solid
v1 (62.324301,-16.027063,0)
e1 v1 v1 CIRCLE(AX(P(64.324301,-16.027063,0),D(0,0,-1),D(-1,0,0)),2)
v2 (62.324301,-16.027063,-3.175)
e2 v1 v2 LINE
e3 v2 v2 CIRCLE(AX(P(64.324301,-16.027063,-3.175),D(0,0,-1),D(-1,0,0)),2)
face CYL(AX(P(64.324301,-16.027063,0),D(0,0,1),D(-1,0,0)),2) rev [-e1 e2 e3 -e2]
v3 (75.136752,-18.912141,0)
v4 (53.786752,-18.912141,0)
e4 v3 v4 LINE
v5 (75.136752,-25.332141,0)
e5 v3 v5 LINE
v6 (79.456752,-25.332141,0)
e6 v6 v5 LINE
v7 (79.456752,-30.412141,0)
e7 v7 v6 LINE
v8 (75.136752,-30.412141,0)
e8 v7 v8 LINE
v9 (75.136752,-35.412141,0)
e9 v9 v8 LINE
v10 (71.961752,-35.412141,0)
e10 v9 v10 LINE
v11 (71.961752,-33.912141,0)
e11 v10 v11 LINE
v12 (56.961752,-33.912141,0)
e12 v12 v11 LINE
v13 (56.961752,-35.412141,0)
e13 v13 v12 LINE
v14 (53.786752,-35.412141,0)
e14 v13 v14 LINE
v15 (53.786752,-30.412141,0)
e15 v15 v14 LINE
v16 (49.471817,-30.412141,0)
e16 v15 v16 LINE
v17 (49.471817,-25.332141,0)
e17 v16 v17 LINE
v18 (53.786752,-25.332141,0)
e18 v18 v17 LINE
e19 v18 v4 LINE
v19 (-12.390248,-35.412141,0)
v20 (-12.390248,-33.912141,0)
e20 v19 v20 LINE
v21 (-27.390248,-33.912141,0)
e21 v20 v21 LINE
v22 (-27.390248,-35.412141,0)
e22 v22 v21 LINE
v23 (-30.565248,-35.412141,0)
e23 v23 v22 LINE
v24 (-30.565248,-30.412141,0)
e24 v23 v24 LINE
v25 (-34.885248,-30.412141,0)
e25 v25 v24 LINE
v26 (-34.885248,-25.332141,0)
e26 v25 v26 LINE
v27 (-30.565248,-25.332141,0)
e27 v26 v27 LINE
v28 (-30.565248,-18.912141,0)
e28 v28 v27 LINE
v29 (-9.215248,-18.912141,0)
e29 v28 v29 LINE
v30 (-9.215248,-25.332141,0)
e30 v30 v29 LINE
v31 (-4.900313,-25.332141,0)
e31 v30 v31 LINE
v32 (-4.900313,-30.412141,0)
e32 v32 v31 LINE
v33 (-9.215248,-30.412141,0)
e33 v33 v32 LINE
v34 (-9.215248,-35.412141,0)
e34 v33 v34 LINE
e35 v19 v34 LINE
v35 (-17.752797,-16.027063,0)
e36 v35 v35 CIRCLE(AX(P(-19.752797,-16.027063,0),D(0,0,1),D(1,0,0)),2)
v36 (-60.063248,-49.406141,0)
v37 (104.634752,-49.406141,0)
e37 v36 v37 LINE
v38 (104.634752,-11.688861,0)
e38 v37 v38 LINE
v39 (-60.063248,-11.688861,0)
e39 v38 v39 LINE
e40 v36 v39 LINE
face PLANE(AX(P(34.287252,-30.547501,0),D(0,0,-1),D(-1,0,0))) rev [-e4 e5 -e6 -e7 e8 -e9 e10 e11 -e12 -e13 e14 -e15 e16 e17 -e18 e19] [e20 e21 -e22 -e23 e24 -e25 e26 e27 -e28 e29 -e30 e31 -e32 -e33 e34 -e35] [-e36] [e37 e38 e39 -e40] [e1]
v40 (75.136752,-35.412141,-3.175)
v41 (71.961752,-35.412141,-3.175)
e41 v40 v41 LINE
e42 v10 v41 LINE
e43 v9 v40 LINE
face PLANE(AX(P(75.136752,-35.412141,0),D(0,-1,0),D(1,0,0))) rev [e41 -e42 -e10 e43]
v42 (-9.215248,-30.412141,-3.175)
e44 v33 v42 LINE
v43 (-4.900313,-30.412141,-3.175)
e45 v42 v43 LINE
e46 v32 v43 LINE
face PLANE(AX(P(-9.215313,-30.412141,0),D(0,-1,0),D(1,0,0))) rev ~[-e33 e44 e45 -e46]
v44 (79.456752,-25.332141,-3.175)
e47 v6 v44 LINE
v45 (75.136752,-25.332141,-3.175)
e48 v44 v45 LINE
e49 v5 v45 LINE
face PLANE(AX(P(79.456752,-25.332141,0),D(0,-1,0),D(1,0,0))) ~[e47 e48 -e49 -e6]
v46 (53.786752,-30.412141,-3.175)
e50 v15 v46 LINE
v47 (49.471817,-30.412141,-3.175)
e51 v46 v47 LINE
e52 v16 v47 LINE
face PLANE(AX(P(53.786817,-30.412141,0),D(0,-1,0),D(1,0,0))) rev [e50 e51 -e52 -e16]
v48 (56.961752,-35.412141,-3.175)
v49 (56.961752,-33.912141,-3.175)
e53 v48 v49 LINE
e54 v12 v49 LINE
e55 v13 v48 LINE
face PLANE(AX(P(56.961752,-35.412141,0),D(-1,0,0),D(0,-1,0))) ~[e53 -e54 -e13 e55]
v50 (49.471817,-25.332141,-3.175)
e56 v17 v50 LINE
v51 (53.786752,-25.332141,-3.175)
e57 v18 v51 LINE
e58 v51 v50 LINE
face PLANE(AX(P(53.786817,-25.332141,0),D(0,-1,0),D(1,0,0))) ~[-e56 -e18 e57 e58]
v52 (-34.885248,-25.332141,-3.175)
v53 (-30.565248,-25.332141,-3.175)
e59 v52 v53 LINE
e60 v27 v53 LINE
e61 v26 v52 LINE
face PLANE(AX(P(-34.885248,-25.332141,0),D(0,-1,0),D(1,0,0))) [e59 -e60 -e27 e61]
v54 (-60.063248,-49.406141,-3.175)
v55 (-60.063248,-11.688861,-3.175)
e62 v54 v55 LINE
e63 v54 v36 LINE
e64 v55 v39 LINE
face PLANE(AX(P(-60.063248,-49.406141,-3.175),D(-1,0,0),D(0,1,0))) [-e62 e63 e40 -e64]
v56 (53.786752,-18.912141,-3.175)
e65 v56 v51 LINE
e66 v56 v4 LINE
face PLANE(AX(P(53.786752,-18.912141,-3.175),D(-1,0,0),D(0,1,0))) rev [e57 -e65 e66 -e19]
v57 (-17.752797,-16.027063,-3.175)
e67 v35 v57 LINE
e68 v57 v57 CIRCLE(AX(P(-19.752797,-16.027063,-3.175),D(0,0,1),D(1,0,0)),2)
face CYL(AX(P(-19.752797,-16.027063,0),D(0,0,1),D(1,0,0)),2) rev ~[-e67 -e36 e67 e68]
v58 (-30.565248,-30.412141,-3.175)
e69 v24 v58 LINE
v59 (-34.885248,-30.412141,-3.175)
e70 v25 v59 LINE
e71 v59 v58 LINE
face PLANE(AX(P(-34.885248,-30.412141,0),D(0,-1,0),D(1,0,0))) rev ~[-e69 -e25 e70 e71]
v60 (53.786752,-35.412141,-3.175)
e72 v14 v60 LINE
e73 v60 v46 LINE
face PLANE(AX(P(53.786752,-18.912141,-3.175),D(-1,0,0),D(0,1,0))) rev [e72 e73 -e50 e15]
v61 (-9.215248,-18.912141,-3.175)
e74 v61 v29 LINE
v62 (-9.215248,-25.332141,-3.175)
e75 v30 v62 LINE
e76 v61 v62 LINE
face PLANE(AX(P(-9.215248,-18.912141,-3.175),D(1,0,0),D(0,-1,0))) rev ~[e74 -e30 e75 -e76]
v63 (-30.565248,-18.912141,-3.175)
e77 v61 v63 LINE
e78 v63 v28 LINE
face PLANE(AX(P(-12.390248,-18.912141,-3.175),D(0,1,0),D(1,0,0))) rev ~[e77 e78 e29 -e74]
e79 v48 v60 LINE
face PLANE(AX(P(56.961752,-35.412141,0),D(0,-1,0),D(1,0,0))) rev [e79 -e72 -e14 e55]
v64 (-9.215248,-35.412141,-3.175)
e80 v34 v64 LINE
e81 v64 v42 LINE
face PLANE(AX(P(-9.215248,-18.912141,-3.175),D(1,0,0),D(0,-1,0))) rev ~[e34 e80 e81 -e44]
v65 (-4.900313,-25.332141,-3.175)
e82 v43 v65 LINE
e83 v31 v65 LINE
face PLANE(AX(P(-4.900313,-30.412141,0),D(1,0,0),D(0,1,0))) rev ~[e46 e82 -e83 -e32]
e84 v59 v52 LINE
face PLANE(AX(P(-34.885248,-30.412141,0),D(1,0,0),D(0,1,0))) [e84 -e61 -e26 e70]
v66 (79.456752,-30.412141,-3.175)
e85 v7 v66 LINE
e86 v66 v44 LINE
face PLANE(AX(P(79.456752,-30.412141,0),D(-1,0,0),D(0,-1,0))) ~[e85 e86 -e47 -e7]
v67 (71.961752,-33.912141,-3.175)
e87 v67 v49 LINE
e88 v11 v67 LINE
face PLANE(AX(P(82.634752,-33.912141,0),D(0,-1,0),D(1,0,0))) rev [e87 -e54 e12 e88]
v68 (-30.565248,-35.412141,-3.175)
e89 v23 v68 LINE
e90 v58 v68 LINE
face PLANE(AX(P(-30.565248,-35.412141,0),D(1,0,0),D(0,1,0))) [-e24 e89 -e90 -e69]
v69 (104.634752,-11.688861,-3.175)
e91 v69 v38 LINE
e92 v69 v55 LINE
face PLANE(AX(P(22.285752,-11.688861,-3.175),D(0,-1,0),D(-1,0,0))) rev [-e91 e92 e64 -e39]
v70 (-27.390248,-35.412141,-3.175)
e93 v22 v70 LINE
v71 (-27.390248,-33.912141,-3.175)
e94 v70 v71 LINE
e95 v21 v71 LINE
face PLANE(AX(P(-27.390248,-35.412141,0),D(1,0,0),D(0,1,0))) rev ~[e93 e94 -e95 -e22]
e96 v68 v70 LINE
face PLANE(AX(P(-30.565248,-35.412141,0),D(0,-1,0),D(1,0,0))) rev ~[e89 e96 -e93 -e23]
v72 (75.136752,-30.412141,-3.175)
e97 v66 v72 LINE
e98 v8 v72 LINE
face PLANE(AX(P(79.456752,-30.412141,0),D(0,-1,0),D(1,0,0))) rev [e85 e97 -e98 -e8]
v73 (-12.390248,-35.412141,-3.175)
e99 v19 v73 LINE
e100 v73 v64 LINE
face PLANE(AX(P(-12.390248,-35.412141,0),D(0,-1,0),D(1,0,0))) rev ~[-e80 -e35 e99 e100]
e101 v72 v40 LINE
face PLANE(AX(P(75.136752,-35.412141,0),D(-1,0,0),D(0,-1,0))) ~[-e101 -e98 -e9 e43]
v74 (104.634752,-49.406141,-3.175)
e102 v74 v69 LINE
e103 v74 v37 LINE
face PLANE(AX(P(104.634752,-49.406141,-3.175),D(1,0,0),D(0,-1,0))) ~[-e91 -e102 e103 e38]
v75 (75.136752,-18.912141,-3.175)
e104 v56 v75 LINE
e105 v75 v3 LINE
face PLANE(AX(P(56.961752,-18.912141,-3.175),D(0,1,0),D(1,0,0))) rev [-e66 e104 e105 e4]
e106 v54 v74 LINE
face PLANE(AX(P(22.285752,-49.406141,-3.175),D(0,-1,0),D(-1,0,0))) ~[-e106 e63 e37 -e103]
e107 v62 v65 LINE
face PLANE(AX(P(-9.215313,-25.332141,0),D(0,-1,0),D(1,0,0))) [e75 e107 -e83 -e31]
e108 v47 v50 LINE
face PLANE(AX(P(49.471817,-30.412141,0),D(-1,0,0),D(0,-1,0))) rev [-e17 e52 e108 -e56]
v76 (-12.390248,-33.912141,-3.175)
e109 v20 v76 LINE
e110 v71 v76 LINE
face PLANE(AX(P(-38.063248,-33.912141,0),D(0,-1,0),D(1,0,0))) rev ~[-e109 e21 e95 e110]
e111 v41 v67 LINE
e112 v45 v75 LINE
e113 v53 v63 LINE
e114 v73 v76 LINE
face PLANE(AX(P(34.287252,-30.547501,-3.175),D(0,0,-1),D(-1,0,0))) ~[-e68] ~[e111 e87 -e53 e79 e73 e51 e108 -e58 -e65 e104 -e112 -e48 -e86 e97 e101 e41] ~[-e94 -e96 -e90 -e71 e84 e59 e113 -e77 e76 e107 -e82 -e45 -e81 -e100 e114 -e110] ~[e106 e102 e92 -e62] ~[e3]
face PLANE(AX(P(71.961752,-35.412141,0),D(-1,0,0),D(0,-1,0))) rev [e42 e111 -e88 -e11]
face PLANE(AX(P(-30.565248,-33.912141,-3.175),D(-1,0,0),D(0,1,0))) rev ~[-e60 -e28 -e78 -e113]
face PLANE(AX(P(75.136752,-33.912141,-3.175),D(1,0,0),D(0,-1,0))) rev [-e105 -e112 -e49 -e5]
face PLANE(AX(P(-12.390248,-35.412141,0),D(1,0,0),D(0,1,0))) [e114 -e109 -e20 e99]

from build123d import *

# Parameters (mm, degrees)
BOSS_EXTRUDE1_DEPTH               = 3.175
SKETCH8_W                         = 36.346
SKETCH8_H                         = 3.175
BOSS_EXTRUDE3_DEPTH               = 3.175
SKETCH7_R                         = 2
LED_HOLE_DEPTH                    = 4.175
SKETCH10_W                        = 36.346
SKETCH10_H                        = 12.319
LOWER_PART_DEPTH                  = 3.175
CUT_EXTRUDE3_DEPTH                = 4.175
SKETCH11_W                        = 4.32
SKETCH11_H                        = 5.08
SKETCH11_W_2                      = 4.315
IR_HOLE_DEPTH                     = 4.175
SKETCH14_W                        = 24.003
SKETCH14_H                        = 37.717280076
SKETCH14_W_2                      = 22
BOSS_EXTRUDE5_DEPTH               = 3.175
SKETCH19_W                        = 3.175
SKETCH19_H                        = 1.5
BOTTOM_GROOVE_FOR_SIDE_PART_DEPTH = 3.175


with BuildPart() as part:
    # Sketch1 → Boss-Extrude1 (new body)
    with BuildSketch(Plane.XY):
        Polygon((-27.39024803, -18.912140652), (-12.39024803, -18.912140652), (-12.39024803, -33.912140652), (-1.71724803, -33.912140652), (-1.71724803, -14.863860576), (-38.06324803, -14.863860576), (-38.06324803, -33.912140652), (-27.39024803, -33.912140652), align=None)
    extrude(amount=-BOSS_EXTRUDE1_DEPTH)

    # Sketch8 → Boss-Extrude3 (add)
    with BuildSketch(Plane.XY):
        with Locations((-19.89024803, -35.499640652)):
            Rectangle(SKETCH8_W, SKETCH8_H)
        with Locations((-19.89024803, -13.276360576)):
            Rectangle(SKETCH8_W, SKETCH8_H)
    extrude(amount=-BOSS_EXTRUDE3_DEPTH)

    # Sketch7 → LED hole (cut, through all)
    with BuildSketch(Plane.XY):
        with Locations((-19.752796976, -16.027063068)):
            Circle(SKETCH7_R)
    extrude(amount=-LED_HOLE_DEPTH, mode=Mode.SUBTRACT)

    # Sketch10 → Lower part (add)
    with BuildSketch(Plane.XY):
        with Locations((-19.89024803, -43.246640652)):
            Rectangle(SKETCH10_W, SKETCH10_H)
    extrude(amount=-LOWER_PART_DEPTH)

    # Sketch12 → Cut-Extrude3 (cut, through all)
    with BuildSketch(Plane(origin=(0, 0, -3.175), x_dir=(-1, 0, 0), z_dir=(0, 0, -1))):
        Polygon((12.39024803, -33.912140652), (12.39024803, -18.912140652), (9.21524803, -18.912140652), (9.21524803, -22.092140652), (9.21524803, -30.737140652), (9.21524803, -33.912140652), align=None)
        Polygon((27.39024803, -18.912140652), (27.39024803, -33.912140652), (30.56524803, -33.912140652), (30.56524803, -30.732140652), (30.56524803, -22.087140652), (30.56524803, -18.912140652), align=None)
    extrude(amount=-CUT_EXTRUDE3_DEPTH, mode=Mode.SUBTRACT)

    # Sketch11 → IR Hole (cut, through all)
    with BuildSketch(Plane.XY):
        with Locations((-32.72524803, -27.872140652)):
            Rectangle(SKETCH11_W, SKETCH11_H)
        with Locations((-7.057813242, -27.872140652)):
            Rectangle(SKETCH11_W_2, SKETCH11_H)
    extrude(amount=-IR_HOLE_DEPTH, mode=Mode.SUBTRACT)

    # Sketch14 → Boss-Extrude5 (add)
    with BuildSketch(Plane(origin=(0, 0, -3.175), x_dir=(-1, 0, 0), z_dir=(0, 0, -1))):
        with Locations((-10.28425197, -30.547500614)):
            Rectangle(SKETCH14_W, SKETCH14_H)
        with Locations((49.06324803, -30.547500614)):
            Rectangle(SKETCH14_W_2, SKETCH14_H)
    extrude(amount=-BOSS_EXTRUDE5_DEPTH)

    # Sketch19 → bottom groove for side part (cut)
    with BuildSketch(Plane.XY):
        with Locations((-28.97774803, -34.662140652)):
            Rectangle(SKETCH19_W, SKETCH19_H)
        with Locations((-10.80274803, -34.662140652)):
            Rectangle(SKETCH19_W, SKETCH19_H)
    extrude(amount=-BOTTOM_GROOVE_FOR_SIDE_PART_DEPTH, mode=Mode.SUBTRACT)

    # Mirror1: part across plane


with BuildPart() as part_1:
    add(part.part)
    add(part.part.mirror(Plane(origin=(22.28575197, 0, 0), x_dir=(0, 0, 1), z_dir=(1, 0, 0))))


solid = part_1.part
